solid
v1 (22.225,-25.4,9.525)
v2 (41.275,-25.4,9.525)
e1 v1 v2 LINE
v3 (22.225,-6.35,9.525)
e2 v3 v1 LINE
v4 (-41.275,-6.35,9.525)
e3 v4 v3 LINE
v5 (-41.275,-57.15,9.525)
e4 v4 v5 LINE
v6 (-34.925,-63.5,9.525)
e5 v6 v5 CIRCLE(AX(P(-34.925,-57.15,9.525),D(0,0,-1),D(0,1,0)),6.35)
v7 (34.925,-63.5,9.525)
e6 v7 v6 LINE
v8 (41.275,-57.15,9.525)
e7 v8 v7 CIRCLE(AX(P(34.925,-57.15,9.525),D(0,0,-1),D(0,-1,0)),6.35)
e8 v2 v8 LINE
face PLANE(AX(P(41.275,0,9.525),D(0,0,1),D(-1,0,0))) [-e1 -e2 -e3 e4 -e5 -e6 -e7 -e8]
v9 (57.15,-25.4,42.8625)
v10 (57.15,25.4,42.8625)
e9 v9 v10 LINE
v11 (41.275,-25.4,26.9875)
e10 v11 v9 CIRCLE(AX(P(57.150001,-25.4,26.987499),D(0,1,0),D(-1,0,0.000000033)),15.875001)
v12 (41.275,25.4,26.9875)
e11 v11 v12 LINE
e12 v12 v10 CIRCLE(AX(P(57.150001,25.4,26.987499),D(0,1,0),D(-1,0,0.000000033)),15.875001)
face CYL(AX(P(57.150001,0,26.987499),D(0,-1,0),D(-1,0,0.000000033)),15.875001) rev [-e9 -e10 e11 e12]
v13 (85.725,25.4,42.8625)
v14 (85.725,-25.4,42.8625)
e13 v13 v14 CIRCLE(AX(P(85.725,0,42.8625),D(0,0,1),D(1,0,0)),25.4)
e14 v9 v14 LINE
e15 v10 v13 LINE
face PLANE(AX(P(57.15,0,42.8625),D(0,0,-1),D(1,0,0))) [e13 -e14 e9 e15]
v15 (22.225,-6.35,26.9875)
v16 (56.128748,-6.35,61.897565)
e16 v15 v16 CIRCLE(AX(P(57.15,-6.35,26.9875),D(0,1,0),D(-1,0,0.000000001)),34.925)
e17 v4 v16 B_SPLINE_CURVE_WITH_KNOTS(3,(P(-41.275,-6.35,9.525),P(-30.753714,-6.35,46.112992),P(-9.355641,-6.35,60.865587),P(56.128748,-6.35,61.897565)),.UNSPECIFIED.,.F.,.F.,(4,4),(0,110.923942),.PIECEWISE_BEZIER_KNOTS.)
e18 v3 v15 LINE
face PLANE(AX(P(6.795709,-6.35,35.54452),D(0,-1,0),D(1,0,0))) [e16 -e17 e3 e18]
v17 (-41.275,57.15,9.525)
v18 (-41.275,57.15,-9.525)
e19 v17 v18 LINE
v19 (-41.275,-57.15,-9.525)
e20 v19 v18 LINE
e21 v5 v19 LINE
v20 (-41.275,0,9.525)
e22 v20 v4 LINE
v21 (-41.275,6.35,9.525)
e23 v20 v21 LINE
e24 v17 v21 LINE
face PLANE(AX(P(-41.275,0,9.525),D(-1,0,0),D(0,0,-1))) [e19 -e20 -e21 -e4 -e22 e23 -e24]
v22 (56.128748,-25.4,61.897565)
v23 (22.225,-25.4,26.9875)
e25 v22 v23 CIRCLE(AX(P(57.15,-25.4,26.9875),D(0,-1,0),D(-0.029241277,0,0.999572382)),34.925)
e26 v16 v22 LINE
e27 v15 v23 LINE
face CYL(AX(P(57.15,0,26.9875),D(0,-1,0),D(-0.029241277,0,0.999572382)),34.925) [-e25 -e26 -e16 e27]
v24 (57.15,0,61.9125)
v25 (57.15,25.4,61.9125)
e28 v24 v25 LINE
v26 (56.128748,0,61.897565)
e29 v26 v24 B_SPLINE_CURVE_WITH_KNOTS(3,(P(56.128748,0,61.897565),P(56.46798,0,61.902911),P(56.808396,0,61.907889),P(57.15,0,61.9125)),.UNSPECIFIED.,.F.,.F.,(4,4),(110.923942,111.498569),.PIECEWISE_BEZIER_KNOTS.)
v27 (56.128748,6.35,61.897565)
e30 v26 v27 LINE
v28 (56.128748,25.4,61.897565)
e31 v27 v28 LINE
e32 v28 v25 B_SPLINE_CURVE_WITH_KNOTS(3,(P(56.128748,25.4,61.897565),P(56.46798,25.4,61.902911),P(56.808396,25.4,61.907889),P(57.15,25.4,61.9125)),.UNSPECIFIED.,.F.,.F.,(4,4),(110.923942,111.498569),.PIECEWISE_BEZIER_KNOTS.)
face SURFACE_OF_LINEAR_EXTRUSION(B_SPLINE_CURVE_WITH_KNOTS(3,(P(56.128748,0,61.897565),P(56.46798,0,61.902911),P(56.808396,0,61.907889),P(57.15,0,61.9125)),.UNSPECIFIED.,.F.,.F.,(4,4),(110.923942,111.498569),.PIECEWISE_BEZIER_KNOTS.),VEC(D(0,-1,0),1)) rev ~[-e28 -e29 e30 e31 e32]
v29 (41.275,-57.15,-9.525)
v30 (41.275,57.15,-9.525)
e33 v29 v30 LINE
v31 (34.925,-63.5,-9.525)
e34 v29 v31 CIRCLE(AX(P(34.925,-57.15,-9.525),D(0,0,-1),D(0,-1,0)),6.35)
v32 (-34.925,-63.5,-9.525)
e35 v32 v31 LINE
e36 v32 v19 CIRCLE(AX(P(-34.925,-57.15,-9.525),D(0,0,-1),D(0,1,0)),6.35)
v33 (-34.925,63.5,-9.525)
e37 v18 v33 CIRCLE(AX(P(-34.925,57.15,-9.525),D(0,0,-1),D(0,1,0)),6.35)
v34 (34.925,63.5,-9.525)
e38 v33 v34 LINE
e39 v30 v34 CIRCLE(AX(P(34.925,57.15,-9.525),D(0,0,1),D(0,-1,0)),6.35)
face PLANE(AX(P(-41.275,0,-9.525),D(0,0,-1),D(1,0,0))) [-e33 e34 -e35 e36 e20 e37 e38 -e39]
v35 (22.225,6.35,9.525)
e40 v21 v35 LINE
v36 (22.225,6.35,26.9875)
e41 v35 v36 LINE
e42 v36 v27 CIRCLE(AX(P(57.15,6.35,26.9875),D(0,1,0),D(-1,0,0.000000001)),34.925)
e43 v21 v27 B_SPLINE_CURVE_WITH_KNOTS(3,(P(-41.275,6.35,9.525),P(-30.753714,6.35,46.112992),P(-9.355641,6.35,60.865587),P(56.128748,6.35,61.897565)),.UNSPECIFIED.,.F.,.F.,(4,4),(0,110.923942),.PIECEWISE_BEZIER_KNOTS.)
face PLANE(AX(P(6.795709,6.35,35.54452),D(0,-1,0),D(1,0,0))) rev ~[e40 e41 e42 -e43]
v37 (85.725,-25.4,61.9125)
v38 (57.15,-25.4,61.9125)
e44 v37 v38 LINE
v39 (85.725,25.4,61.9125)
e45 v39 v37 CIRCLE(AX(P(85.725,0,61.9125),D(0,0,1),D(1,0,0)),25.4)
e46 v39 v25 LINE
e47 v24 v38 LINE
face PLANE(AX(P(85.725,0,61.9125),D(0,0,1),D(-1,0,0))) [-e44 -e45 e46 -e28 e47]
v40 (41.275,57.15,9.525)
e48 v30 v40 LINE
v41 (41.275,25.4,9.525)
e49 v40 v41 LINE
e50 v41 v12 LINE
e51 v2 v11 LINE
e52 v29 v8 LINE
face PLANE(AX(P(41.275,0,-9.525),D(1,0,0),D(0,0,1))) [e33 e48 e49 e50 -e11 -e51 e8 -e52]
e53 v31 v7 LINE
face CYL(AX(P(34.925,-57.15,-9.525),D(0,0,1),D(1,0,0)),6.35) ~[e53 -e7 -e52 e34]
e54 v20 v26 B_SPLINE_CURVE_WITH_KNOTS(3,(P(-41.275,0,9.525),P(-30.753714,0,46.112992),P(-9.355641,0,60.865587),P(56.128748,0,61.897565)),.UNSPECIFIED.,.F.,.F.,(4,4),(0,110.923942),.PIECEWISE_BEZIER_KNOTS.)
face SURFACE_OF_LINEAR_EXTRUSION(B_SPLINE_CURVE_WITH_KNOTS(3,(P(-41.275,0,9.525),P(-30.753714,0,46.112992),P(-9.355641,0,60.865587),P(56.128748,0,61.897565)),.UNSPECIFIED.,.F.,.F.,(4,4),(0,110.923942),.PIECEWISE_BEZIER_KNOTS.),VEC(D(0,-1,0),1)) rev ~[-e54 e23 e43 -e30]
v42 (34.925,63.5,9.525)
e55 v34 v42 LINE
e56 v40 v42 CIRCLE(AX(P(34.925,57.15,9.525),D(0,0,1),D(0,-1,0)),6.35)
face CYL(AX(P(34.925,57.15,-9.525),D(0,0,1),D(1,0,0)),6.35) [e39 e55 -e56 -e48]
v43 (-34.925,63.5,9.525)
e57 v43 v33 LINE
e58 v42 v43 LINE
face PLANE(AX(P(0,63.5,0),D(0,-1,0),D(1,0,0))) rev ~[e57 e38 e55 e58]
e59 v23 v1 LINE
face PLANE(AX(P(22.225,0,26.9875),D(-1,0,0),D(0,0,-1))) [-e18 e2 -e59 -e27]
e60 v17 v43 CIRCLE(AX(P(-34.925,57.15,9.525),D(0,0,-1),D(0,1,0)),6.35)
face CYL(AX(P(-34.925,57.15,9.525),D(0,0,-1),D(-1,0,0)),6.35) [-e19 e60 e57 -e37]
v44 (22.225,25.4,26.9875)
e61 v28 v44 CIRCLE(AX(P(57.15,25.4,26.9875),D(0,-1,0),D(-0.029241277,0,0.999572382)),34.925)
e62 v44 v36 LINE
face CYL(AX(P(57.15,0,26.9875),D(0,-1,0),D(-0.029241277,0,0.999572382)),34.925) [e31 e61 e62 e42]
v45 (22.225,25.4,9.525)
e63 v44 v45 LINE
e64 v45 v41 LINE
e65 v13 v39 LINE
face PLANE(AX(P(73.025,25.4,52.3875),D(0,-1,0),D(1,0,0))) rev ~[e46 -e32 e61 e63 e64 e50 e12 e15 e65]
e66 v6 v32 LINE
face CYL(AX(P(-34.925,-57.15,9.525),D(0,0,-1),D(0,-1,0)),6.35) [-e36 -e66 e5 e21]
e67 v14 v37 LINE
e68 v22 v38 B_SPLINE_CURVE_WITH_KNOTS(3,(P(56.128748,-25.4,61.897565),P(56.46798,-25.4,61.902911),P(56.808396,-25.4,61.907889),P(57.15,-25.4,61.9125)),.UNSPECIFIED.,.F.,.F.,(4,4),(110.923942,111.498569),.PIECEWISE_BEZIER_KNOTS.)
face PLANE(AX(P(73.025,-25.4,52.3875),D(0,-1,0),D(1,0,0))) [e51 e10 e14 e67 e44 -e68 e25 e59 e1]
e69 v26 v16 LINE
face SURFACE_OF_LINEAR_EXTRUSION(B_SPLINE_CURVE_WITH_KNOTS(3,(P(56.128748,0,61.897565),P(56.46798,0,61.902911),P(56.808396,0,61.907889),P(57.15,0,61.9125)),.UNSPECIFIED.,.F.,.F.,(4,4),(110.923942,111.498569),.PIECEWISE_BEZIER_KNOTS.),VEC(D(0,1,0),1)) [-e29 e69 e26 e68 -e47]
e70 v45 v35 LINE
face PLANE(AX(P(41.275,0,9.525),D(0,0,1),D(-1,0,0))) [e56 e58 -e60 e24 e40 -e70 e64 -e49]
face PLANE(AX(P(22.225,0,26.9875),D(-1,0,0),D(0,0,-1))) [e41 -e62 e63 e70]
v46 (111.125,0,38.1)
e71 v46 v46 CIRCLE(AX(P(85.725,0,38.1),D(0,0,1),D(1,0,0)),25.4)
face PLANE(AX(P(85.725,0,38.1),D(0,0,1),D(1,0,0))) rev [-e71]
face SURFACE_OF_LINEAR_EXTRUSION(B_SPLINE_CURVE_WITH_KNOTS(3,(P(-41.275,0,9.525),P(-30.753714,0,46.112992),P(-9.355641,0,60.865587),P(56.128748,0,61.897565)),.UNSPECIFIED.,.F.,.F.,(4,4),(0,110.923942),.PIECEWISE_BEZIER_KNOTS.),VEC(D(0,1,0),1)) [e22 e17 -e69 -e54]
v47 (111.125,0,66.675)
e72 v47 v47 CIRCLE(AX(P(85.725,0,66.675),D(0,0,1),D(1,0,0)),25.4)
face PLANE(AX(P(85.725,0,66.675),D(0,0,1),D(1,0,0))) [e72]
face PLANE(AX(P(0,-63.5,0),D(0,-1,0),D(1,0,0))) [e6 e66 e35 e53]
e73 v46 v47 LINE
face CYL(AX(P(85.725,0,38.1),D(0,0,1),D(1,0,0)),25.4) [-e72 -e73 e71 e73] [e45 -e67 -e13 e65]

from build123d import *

# Parameters (mm, degrees)
F1_DEPTH = 63.5
F2_DEPTH = 25.4
F3_DEPTH = 6.35
F5_R     = 6.35


with BuildPart() as f1:
    # F0 (on Front) → F1 (new body, symmetric)
    with BuildSketch(Plane.XZ):
        Polygon((41.275, -9.525), (41.275, 9.525), (22.225, 9.525), (-41.275, 9.525), (-41.275, -9.525), align=None)
    extrude(amount=F1_DEPTH, both=True)

    # F0 (on Front) → F2 (join, symmetric)
    with BuildSketch(Plane.XZ):
        Polygon((60.325, 61.9125), (60.325, 42.8625), (85.725, 42.8625), (85.725, 52.3875), (85.725, 61.9125), align=None)
        with BuildLine():
            Line((22.225, 9.525), (41.275, 9.525))
            Line((41.275, 9.525), (41.275, 26.9875))
            ThreePointArc((41.275, 26.9875), (45.92468, 38.21282), (57.15, 42.8625))
            Line((57.15, 42.8625), (60.325, 42.8625))
            Line((60.325, 42.8625), (60.325, 61.9125))
            Line((60.325, 61.9125), (57.15, 61.9125))
            add(Edge.make_bspline(
                [(56.128748, 61.897565), (56.46798, 61.902911), (56.808396, 61.907889), (57.15, 61.9125)],
                knots=[110.923942, 110.923942, 110.923942, 110.923942, 111.498569, 111.498569, 111.498569, 111.498569], degree=3))
            ThreePointArc((56.128748, 61.897565), (32.09583, 51.319458), (22.225, 26.9875))
            Line((22.225, 26.9875), (22.225, 9.525))
        make_face()
    extrude(amount=F2_DEPTH, both=True)

    # F0 (on Front) → F3 (join, symmetric)
    with BuildSketch(Plane.XZ):
        with BuildLine():
            Line((-41.275, 9.525), (22.225, 9.525))
            Line((22.225, 9.525), (22.225, 26.9875))
            ThreePointArc((22.225, 26.9875), (32.09583, 51.319458), (56.128748, 61.897565))
            add(Edge.make_bspline(
                [(-41.275, 9.525), (-30.753714, 46.112992), (-9.355641, 60.865587), (56.128748, 61.897565)],
                knots=[0, 0, 0, 0, 110.923942, 110.923942, 110.923942, 110.923942], degree=3))
        make_face()
    extrude(amount=F3_DEPTH, both=True)

    # F0 (on Front) → F4 (revolve)
    with BuildSketch(Plane.XZ):
        Polygon((85.725, 52.3875), (85.725, 42.8625), (85.725, 38.1), (111.125, 38.1), (111.125, 66.675), (85.725, 66.675), (85.725, 61.9125), align=None)
    revolve(axis=Axis((85.725, 0, 59.53125), (0, 0, 1)))

    # F5
    f5_edges = [f1.edges().sort_by_distance(p)[0] for p in [
        (41.275, -63.5, 0),
        (-41.275, -63.5, 0),
        (41.275, 63.5, 0),
        (-41.275, 63.5, 0),
    ]]
    fillet(f5_edges, radius=F5_R)


solid = f1.part
